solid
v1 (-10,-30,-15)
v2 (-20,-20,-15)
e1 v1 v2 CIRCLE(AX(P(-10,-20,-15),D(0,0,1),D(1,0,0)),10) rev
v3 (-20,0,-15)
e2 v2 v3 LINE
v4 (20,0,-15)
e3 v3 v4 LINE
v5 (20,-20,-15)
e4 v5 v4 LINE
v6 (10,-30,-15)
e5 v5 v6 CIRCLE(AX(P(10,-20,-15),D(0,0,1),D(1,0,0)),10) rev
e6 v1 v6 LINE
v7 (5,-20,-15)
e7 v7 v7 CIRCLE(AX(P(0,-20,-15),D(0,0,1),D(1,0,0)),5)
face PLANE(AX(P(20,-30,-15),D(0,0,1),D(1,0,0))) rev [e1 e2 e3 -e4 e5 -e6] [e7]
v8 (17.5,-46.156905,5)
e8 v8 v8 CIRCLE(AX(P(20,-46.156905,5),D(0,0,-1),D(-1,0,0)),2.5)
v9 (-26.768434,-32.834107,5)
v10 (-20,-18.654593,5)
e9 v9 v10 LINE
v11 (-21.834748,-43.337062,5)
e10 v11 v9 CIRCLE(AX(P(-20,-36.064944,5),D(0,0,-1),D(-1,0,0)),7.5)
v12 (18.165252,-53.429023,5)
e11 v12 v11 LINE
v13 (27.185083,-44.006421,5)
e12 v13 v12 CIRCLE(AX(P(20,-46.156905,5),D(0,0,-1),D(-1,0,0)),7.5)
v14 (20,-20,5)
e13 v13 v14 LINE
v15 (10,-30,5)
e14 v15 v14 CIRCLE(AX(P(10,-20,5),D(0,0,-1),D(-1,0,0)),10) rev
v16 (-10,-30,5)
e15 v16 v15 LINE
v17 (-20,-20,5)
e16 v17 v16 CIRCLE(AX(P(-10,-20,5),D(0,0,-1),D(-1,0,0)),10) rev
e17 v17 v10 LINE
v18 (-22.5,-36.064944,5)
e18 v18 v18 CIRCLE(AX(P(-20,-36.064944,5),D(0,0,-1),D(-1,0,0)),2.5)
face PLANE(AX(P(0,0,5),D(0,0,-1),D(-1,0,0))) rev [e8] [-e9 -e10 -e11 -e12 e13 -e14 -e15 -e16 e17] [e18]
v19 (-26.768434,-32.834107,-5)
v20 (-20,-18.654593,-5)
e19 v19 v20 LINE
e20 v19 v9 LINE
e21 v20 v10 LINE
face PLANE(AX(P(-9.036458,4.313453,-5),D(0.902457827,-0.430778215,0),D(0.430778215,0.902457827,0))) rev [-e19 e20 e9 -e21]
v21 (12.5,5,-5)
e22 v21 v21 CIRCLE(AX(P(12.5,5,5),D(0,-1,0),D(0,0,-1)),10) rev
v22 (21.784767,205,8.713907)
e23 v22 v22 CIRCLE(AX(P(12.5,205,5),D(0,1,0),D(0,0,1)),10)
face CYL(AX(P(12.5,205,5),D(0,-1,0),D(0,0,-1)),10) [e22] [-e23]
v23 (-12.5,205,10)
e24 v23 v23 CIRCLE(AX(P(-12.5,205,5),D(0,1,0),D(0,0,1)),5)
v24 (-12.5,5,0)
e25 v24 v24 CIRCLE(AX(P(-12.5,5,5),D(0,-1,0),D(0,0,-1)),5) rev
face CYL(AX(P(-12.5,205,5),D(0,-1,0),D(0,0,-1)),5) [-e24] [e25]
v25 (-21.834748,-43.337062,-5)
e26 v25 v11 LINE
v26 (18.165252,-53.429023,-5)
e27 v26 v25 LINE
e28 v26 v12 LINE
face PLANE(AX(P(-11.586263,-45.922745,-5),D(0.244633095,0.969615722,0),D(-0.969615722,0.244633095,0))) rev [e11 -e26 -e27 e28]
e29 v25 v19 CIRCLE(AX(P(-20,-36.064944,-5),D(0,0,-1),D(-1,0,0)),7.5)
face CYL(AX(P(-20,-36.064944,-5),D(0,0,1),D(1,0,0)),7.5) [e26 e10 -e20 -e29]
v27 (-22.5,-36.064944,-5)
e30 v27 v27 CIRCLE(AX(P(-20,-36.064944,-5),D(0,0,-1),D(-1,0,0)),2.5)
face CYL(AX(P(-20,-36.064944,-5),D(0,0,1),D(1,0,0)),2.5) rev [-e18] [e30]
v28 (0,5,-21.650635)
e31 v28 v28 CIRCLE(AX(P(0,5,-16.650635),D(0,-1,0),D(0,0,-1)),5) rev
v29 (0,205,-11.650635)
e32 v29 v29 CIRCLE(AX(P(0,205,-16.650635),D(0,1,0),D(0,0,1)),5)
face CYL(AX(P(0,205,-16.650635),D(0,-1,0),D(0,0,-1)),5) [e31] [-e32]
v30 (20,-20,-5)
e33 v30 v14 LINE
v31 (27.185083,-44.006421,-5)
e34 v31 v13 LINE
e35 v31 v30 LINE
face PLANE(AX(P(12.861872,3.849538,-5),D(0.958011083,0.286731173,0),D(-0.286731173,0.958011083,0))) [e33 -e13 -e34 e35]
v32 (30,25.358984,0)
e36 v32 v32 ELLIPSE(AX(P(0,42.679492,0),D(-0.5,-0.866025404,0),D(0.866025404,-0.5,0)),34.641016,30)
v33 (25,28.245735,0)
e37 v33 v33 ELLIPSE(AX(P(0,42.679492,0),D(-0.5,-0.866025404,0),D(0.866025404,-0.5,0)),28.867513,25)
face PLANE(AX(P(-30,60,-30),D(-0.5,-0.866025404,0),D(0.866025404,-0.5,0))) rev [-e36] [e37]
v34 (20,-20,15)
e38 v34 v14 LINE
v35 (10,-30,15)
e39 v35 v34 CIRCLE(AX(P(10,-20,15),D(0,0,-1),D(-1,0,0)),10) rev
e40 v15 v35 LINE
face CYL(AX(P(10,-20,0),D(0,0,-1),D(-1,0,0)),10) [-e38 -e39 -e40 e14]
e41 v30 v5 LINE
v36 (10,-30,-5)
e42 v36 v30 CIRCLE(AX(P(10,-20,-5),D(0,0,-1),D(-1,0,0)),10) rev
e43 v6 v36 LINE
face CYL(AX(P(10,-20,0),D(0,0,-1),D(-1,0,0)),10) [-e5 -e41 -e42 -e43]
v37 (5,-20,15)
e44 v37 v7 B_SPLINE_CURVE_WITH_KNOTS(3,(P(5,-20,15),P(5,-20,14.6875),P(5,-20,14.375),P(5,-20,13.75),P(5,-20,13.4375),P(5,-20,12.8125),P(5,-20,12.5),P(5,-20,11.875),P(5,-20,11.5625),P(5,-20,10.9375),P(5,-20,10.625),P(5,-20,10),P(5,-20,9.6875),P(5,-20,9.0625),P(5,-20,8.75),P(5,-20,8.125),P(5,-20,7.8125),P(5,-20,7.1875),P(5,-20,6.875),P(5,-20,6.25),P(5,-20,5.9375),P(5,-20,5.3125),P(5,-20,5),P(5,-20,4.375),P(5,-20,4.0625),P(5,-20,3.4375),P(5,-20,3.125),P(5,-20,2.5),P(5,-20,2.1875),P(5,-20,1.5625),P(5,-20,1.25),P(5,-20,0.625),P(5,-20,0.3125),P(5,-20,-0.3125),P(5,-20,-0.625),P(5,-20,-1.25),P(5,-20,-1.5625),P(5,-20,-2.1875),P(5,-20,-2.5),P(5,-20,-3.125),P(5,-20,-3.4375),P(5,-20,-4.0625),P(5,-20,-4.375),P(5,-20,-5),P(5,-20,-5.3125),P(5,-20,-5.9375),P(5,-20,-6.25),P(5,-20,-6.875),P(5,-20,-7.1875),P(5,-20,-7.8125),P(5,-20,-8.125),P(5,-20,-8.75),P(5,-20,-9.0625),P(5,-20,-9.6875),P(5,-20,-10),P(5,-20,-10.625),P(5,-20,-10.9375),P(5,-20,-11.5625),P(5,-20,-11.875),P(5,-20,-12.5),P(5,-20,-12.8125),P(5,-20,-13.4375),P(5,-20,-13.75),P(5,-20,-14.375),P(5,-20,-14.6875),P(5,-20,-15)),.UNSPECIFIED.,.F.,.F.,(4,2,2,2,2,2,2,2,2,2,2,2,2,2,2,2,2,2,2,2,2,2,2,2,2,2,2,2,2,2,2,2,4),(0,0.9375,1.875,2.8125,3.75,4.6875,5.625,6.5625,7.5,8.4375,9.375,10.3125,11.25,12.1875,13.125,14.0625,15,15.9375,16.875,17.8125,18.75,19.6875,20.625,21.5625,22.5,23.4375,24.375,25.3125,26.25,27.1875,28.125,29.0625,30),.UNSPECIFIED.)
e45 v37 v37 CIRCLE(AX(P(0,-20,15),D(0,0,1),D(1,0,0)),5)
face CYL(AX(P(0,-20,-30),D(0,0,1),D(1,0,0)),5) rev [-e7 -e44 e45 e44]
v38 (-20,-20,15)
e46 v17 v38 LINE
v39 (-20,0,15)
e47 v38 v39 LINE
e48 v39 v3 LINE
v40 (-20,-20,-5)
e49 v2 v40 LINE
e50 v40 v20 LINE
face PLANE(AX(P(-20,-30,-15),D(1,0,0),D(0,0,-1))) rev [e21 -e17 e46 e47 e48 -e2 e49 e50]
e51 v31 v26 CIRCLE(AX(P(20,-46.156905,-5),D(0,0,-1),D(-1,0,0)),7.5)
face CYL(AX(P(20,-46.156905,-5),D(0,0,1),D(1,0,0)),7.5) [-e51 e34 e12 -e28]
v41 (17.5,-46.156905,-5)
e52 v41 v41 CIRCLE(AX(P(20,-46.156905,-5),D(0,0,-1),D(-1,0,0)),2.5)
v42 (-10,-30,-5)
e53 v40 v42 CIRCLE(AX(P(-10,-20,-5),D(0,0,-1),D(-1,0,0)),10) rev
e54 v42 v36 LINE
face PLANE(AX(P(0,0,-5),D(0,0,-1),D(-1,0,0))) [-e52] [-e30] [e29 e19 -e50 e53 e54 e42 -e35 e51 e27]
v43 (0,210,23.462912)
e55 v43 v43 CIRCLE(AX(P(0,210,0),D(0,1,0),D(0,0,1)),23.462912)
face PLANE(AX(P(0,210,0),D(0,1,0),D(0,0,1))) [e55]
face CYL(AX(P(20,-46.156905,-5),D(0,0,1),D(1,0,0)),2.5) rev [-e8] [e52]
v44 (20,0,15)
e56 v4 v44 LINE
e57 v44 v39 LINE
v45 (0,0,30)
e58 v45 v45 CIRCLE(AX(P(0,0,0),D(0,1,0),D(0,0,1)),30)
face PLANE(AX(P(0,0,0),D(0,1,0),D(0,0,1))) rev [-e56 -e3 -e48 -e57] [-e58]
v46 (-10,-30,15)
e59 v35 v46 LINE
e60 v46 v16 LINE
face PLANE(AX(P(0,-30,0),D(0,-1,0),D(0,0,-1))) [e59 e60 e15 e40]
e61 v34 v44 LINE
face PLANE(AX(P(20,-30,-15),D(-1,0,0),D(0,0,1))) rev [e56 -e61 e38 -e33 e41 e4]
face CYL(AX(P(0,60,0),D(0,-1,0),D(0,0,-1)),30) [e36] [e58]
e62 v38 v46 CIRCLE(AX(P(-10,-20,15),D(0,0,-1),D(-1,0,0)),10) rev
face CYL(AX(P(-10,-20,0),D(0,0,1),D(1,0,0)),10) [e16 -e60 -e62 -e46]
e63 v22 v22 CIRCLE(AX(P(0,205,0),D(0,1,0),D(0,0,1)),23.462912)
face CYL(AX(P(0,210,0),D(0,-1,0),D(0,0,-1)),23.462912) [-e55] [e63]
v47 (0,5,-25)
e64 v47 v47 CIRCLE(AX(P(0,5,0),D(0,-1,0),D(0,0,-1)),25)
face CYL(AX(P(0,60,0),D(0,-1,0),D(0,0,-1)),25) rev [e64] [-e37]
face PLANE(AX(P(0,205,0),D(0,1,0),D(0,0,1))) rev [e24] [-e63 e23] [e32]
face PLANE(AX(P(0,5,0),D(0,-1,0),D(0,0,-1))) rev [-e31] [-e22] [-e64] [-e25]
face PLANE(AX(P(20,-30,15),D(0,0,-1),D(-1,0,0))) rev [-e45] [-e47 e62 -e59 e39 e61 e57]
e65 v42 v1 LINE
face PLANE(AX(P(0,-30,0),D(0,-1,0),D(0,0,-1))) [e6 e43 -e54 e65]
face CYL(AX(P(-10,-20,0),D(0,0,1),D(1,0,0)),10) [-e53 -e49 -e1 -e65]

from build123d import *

# Parameters (mm, degrees)
CROQUIS2_R                 = 30
SALIENTE_EXTRUIR1_DEPTH    = 60
CROQUIS3_W                 = 40
CROQUIS3_H                 = 30
SALIENTE_EXTRUIR2_DEPTH    = 30
REDONDEO1_R                = 10
CROQUIS4_R                 = 5
CORTAR_EXTRUIR1_DEPTH      = 81.777472107
CORTAR_EXTRUIR2_DEPTH      = 74.484692283
CORTAR_EXTRUIR2_DEPTH_BACK = 74.484692283
CROQUIS7_R                 = 25
CORTAR_EXTRUIR3_DEPTH      = 70.462219947
CROQUIS8_R                 = 5
CROQUIS8_R_2               = 10
SALIENTE_EXTRUIR3_DEPTH    = 200
CROQUIS10_R                = 23.462912018
SALIENTE_EXTRUIR4_DEPTH    = 5
CROQUIS11_R                = 2.5
SALIENTE_EXTRUIR5_DEPTH    = 5


with BuildPart() as part:
    # Croquis2 → Saliente-Extruir1 (new body)
    with BuildSketch(Plane(origin=(0, 0, 0), x_dir=(1, 0, 0), z_dir=(0, 1, 0))):
        with Locations(Location((0, 0, 0), (0, 0, 270))):
            Circle(CROQUIS2_R)
    extrude(amount=SALIENTE_EXTRUIR1_DEPTH)

    # Croquis3 → Saliente-Extruir2 (add)
    with BuildSketch(Plane.XZ):
        Rectangle(CROQUIS3_W, CROQUIS3_H)
    extrude(amount=SALIENTE_EXTRUIR2_DEPTH)

    # Redondeo1
    redondeo1_edges = [part.edges().sort_by_distance(p)[0] for p in [
        (-20, -30, 0),
        (20, -30, 0),
    ]]
    fillet(redondeo1_edges, radius=REDONDEO1_R)

    # Croquis4 → Cortar-Extruir1 (cut, through all)
    with BuildSketch(Plane.XY.offset(15)):
        with Locations((0, -20)):
            Circle(CROQUIS4_R)
    extrude(amount=-CORTAR_EXTRUIR1_DEPTH, mode=Mode.SUBTRACT)

    # Croquis5 → Cortar-Extruir2 (cut, two sides: drawn at the far end of the back side and taken through both)
    with BuildSketch(Plane.XY.offset(-CORTAR_EXTRUIR2_DEPTH_BACK)):
        Polygon((30, 60), (-30, 60), (30, 25.358983849), align=None)
    extrude(amount=CORTAR_EXTRUIR2_DEPTH + CORTAR_EXTRUIR2_DEPTH_BACK, mode=Mode.SUBTRACT)

    # Croquis7 → Cortar-Extruir3 (cut, through all)
    with BuildSketch(Plane(origin=(0, 5, 0), x_dir=(-1, 0, 0), z_dir=(0, -1, 0))):
        with Locations(Location((0, 0, 0), (0, 0, 90))):
            Circle(CROQUIS7_R)
    extrude(amount=-CORTAR_EXTRUIR3_DEPTH, mode=Mode.SUBTRACT)

    # Croquis8 → Saliente-Extruir3 (add)
    with BuildSketch(Plane(origin=(0, 5, 0), x_dir=(1, 0, 0), z_dir=(0, 1, 0))):
        with Locations(Location((0, 16.650635095, 0), (0, 0, 90))):
            Circle(CROQUIS8_R)
        with Locations(Location((12.5, -5, 0), (0, 0, 90))):
            Circle(CROQUIS8_R_2)
        with Locations(Location((-12.5, -5, 0), (0, 0, 90))):
            Circle(CROQUIS8_R)
    extrude(amount=SALIENTE_EXTRUIR3_DEPTH)

    # Croquis10 → Saliente-Extruir4 (add)
    with BuildSketch(Plane(origin=(0, 205, 0), x_dir=(1, 0, 0), z_dir=(0, 1, 0))):
        with Locations(Location((0, 0, 0), (0, 0, 338.198590514))):
            Circle(CROQUIS10_R)
    extrude(amount=SALIENTE_EXTRUIR4_DEPTH)

    # Croquis11 → Saliente-Extruir5 (add, symmetric)
    with BuildSketch(Plane(origin=(0, 0, 0), x_dir=(-1, 0, 0), z_dir=(0, 0, -1))):
        with BuildLine():
            Line((-27.185083119, -44.006420995), (-20, -20))
            Line((-20, -20), (0.452470226, -27.989728354))
            Line((0.452470226, -27.989728354), (20, -18.654592883))
            Line((20, -18.654592883), (26.768433701, -32.834107425))
            ThreePointArc((26.768433701, -32.834107425), (26.788350186, -39.25372151), (21.834748215, -43.337061956))
            Line((21.834748215, -43.337061956), (-18.165251785, -53.42902271))
            ThreePointArc((-18.165251785, -53.42902271), (-25.417829516, -51.343148457), (-27.185083119, -44.006420995))
        make_face()
        with Locations((-20, -46.156904794)):
            Circle(CROQUIS11_R, mode=Mode.SUBTRACT)
        with Locations((20, -36.06494404)):
            Circle(CROQUIS11_R, mode=Mode.SUBTRACT)
    extrude(amount=SALIENTE_EXTRUIR5_DEPTH, both=True)


solid = part.part
